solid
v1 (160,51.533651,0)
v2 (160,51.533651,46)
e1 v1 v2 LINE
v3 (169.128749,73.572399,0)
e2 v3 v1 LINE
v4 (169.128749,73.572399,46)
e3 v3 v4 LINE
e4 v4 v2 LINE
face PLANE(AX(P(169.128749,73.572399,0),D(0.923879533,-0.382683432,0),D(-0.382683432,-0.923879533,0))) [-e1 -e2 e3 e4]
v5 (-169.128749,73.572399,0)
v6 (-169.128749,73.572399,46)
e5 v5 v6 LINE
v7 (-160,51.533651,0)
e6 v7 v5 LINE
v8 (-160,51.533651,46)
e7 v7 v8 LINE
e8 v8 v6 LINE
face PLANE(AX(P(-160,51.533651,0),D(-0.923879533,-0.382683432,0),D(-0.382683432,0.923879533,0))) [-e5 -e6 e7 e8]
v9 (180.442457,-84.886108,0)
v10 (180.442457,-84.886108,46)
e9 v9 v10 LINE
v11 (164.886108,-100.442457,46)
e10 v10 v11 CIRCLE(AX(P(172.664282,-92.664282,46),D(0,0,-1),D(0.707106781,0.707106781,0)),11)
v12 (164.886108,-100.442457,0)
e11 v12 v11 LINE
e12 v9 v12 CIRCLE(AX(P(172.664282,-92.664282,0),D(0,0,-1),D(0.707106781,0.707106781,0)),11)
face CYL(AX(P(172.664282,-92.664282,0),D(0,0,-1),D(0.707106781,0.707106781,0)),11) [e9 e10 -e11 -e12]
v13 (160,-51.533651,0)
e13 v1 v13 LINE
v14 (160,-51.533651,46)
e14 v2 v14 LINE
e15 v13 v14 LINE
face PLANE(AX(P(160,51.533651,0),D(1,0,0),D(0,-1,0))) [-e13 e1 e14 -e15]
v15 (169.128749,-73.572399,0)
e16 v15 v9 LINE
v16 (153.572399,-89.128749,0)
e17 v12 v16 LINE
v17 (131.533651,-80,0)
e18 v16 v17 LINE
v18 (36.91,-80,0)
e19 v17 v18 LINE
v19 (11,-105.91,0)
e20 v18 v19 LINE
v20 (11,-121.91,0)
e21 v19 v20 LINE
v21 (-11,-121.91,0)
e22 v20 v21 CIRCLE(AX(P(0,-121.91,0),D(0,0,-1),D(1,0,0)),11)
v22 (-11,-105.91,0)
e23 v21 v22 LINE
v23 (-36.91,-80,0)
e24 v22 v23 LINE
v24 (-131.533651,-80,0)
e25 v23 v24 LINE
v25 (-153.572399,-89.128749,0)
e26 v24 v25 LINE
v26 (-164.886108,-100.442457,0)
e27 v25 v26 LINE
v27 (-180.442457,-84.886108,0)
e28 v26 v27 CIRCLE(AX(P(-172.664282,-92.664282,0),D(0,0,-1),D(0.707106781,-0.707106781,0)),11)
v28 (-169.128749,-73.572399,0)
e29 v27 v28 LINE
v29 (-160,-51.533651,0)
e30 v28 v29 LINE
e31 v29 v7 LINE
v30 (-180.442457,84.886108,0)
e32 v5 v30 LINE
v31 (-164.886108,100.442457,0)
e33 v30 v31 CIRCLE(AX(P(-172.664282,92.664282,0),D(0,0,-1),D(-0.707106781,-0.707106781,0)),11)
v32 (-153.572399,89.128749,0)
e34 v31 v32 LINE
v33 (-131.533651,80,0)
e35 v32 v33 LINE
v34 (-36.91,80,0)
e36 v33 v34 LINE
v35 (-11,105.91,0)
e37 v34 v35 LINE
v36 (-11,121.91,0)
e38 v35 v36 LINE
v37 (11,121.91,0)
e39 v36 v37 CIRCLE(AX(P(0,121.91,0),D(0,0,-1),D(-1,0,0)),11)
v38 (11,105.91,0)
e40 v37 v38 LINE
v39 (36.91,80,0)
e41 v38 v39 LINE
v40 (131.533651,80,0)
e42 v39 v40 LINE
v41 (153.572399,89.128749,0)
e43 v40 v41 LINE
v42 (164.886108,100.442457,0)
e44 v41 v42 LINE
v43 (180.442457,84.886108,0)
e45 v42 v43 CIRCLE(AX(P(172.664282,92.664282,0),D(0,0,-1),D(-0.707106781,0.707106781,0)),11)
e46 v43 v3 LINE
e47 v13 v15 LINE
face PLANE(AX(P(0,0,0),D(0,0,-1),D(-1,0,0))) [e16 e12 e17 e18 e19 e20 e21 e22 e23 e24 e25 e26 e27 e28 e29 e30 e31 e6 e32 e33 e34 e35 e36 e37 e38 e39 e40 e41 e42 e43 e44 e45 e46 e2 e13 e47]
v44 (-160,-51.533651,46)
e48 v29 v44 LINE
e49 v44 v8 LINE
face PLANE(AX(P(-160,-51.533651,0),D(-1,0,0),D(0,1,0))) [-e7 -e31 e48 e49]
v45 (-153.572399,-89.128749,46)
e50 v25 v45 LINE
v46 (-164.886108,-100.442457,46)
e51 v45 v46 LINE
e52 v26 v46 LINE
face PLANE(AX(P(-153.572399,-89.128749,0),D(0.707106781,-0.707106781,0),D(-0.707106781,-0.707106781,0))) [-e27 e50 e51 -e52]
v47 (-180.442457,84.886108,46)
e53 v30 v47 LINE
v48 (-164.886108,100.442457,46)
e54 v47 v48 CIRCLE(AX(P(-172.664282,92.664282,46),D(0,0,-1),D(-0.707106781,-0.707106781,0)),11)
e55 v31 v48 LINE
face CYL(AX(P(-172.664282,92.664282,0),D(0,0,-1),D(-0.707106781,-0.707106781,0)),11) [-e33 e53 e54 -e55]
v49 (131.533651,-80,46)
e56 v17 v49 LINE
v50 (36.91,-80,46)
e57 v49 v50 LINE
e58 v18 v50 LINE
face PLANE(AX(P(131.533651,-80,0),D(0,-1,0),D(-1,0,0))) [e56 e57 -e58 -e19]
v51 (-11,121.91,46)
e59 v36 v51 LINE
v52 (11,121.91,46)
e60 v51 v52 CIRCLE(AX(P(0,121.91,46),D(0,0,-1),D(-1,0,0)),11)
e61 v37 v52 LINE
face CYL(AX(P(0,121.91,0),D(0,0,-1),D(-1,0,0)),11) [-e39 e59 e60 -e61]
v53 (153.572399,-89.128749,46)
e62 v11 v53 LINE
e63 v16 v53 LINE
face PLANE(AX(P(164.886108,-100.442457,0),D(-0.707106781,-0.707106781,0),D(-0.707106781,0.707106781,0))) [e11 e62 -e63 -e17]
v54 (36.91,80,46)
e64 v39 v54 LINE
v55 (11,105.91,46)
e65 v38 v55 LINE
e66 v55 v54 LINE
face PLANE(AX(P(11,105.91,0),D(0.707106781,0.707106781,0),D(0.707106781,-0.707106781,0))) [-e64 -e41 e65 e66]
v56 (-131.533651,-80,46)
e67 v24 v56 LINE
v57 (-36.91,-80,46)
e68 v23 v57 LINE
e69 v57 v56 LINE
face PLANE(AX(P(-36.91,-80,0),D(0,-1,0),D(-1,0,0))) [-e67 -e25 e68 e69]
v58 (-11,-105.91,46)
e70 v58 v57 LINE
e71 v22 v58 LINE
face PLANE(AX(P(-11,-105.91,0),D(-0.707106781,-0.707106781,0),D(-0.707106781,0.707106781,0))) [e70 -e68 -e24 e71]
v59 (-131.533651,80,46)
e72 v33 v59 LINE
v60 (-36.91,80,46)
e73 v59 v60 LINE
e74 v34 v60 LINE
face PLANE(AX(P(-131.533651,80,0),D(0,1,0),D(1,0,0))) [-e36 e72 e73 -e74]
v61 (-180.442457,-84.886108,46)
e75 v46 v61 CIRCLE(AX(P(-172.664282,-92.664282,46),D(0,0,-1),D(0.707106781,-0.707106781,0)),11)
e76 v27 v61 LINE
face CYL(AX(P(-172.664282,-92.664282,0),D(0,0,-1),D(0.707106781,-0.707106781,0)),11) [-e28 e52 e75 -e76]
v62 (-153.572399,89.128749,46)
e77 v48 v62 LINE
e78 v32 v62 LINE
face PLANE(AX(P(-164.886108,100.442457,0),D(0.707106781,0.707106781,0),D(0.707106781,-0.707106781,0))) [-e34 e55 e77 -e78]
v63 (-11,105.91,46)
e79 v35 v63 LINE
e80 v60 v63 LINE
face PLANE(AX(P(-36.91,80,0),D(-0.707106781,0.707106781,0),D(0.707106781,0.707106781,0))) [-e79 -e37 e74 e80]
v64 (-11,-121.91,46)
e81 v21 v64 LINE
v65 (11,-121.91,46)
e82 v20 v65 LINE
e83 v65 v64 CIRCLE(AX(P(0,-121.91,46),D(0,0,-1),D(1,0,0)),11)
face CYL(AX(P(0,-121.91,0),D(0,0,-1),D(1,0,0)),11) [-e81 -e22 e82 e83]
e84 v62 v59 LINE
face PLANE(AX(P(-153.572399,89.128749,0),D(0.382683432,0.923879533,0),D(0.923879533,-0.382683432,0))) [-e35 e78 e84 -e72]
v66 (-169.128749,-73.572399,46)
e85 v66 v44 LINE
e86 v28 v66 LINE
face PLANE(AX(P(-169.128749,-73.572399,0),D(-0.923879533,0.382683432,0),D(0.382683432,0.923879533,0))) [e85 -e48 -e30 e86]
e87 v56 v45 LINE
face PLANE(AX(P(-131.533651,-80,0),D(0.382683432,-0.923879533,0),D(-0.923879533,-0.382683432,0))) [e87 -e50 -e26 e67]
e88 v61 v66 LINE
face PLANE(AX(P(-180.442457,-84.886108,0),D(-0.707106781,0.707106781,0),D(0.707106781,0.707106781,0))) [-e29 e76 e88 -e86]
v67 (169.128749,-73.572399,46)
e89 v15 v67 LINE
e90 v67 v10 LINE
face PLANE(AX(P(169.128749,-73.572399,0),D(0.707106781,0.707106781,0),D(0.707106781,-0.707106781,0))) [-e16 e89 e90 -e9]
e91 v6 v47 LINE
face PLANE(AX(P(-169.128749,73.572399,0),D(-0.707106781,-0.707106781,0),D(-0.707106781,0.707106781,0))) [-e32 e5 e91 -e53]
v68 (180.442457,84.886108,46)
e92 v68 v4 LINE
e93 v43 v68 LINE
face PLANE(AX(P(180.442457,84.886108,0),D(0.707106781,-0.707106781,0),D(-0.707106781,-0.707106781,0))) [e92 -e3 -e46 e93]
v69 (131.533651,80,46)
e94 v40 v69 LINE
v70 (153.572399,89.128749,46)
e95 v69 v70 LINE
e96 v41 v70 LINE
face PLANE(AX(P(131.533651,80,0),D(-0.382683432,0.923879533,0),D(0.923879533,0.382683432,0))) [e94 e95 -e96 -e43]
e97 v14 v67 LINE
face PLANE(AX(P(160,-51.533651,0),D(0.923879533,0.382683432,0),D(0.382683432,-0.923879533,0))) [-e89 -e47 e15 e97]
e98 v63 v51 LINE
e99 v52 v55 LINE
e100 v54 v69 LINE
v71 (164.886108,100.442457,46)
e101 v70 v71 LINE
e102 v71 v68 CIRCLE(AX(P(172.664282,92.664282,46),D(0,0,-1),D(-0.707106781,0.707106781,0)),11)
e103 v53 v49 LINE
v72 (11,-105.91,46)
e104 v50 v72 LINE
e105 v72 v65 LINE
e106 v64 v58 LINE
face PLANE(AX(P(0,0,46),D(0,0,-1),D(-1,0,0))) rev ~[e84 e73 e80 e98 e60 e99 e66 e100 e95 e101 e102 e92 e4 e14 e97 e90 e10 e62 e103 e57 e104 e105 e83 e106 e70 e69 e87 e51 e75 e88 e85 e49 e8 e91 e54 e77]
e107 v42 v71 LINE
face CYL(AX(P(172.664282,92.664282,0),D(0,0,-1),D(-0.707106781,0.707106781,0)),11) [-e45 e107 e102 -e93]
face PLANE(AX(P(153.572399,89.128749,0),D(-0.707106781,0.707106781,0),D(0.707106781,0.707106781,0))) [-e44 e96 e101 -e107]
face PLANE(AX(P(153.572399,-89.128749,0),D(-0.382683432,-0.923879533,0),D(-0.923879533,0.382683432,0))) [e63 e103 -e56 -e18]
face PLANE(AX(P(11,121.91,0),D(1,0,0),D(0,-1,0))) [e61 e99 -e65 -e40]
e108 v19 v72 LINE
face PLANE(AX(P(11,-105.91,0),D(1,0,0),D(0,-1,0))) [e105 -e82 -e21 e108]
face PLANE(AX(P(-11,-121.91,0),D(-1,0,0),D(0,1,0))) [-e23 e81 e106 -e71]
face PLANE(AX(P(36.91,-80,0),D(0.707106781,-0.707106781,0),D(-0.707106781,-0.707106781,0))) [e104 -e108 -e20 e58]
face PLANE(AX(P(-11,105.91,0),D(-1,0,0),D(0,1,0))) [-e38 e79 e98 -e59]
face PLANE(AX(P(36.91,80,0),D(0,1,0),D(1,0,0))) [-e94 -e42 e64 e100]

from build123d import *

# Parameters (mm, degrees)
EXTRUDE_3_DEPTH = 46


with BuildPart() as part:
    # Эскиз3 → Бобышка-Вытянуть3 (new body)
    with BuildSketch(Plane.XY):
        with BuildLine():
            Line((11, 121.91), (11, 105.91))
            Line((11, 105.91), (36.91, 80))
            Line((36.91, 80), (131.533650814, 80))
            Line((131.533650814, 80), (153.572399359, 89.128748545))
            Line((153.572399359, 89.128748545), (164.886107858, 100.442457044))
            ThreePointArc((164.886107858, 100.442457044), (180.442457044, 100.442457044), (180.442457044, 84.886107858))
            Line((180.442457044, 84.886107858), (169.128748545, 73.572399359))
            Line((169.128748545, 73.572399359), (160, 51.533650814))
            Line((160, 51.533650814), (160, -51.533650814))
            Line((160, -51.533650814), (169.128748545, -73.572399359))
            Line((169.128748545, -73.572399359), (180.442457044, -84.886107858))
            ThreePointArc((180.442457044, -84.886107858), (180.442457044, -100.442457044), (164.886107858, -100.442457044))
            Line((164.886107858, -100.442457044), (153.572399359, -89.128748545))
            Line((153.572399359, -89.128748545), (131.533650814, -80))
            Line((131.533650814, -80), (36.91, -80))
            Line((36.91, -80), (11, -105.91))
            Line((11, -105.91), (11, -121.91))
            ThreePointArc((11, -121.91), (0, -132.91), (-11, -121.91))
            Line((-11, -121.91), (-11, -105.91))
            Line((-11, -105.91), (-36.91, -80))
            Line((-36.91, -80), (-131.533650814, -80))
            Line((-131.533650814, -80), (-153.572399359, -89.128748545))
            Line((-153.572399359, -89.128748545), (-164.886107858, -100.442457044))
            ThreePointArc((-164.886107858, -100.442457044), (-180.442457044, -100.442457044), (-180.442457044, -84.886107858))
            Line((-180.442457044, -84.886107858), (-169.128748545, -73.572399359))
            Line((-169.128748545, -73.572399359), (-160, -51.533650814))
            Line((-160, -51.533650814), (-160, 51.533650814))
            Line((-160, 51.533650814), (-169.128748545, 73.572399359))
            Line((-169.128748545, 73.572399359), (-180.442457044, 84.886107858))
            ThreePointArc((-180.442457044, 84.886107858), (-180.442457044, 100.442457044), (-164.886107858, 100.442457044))
            Line((-164.886107858, 100.442457044), (-153.572399359, 89.128748545))
            Line((-153.572399359, 89.128748545), (-131.533650814, 80))
            Line((-131.533650814, 80), (-36.91, 80))
            Line((-36.91, 80), (-11, 105.91))
            Line((-11, 105.91), (-11, 121.91))
            ThreePointArc((-11, 121.91), (0, 132.91), (11, 121.91))
        make_face()
    extrude(amount=EXTRUDE_3_DEPTH)


solid = part.part
